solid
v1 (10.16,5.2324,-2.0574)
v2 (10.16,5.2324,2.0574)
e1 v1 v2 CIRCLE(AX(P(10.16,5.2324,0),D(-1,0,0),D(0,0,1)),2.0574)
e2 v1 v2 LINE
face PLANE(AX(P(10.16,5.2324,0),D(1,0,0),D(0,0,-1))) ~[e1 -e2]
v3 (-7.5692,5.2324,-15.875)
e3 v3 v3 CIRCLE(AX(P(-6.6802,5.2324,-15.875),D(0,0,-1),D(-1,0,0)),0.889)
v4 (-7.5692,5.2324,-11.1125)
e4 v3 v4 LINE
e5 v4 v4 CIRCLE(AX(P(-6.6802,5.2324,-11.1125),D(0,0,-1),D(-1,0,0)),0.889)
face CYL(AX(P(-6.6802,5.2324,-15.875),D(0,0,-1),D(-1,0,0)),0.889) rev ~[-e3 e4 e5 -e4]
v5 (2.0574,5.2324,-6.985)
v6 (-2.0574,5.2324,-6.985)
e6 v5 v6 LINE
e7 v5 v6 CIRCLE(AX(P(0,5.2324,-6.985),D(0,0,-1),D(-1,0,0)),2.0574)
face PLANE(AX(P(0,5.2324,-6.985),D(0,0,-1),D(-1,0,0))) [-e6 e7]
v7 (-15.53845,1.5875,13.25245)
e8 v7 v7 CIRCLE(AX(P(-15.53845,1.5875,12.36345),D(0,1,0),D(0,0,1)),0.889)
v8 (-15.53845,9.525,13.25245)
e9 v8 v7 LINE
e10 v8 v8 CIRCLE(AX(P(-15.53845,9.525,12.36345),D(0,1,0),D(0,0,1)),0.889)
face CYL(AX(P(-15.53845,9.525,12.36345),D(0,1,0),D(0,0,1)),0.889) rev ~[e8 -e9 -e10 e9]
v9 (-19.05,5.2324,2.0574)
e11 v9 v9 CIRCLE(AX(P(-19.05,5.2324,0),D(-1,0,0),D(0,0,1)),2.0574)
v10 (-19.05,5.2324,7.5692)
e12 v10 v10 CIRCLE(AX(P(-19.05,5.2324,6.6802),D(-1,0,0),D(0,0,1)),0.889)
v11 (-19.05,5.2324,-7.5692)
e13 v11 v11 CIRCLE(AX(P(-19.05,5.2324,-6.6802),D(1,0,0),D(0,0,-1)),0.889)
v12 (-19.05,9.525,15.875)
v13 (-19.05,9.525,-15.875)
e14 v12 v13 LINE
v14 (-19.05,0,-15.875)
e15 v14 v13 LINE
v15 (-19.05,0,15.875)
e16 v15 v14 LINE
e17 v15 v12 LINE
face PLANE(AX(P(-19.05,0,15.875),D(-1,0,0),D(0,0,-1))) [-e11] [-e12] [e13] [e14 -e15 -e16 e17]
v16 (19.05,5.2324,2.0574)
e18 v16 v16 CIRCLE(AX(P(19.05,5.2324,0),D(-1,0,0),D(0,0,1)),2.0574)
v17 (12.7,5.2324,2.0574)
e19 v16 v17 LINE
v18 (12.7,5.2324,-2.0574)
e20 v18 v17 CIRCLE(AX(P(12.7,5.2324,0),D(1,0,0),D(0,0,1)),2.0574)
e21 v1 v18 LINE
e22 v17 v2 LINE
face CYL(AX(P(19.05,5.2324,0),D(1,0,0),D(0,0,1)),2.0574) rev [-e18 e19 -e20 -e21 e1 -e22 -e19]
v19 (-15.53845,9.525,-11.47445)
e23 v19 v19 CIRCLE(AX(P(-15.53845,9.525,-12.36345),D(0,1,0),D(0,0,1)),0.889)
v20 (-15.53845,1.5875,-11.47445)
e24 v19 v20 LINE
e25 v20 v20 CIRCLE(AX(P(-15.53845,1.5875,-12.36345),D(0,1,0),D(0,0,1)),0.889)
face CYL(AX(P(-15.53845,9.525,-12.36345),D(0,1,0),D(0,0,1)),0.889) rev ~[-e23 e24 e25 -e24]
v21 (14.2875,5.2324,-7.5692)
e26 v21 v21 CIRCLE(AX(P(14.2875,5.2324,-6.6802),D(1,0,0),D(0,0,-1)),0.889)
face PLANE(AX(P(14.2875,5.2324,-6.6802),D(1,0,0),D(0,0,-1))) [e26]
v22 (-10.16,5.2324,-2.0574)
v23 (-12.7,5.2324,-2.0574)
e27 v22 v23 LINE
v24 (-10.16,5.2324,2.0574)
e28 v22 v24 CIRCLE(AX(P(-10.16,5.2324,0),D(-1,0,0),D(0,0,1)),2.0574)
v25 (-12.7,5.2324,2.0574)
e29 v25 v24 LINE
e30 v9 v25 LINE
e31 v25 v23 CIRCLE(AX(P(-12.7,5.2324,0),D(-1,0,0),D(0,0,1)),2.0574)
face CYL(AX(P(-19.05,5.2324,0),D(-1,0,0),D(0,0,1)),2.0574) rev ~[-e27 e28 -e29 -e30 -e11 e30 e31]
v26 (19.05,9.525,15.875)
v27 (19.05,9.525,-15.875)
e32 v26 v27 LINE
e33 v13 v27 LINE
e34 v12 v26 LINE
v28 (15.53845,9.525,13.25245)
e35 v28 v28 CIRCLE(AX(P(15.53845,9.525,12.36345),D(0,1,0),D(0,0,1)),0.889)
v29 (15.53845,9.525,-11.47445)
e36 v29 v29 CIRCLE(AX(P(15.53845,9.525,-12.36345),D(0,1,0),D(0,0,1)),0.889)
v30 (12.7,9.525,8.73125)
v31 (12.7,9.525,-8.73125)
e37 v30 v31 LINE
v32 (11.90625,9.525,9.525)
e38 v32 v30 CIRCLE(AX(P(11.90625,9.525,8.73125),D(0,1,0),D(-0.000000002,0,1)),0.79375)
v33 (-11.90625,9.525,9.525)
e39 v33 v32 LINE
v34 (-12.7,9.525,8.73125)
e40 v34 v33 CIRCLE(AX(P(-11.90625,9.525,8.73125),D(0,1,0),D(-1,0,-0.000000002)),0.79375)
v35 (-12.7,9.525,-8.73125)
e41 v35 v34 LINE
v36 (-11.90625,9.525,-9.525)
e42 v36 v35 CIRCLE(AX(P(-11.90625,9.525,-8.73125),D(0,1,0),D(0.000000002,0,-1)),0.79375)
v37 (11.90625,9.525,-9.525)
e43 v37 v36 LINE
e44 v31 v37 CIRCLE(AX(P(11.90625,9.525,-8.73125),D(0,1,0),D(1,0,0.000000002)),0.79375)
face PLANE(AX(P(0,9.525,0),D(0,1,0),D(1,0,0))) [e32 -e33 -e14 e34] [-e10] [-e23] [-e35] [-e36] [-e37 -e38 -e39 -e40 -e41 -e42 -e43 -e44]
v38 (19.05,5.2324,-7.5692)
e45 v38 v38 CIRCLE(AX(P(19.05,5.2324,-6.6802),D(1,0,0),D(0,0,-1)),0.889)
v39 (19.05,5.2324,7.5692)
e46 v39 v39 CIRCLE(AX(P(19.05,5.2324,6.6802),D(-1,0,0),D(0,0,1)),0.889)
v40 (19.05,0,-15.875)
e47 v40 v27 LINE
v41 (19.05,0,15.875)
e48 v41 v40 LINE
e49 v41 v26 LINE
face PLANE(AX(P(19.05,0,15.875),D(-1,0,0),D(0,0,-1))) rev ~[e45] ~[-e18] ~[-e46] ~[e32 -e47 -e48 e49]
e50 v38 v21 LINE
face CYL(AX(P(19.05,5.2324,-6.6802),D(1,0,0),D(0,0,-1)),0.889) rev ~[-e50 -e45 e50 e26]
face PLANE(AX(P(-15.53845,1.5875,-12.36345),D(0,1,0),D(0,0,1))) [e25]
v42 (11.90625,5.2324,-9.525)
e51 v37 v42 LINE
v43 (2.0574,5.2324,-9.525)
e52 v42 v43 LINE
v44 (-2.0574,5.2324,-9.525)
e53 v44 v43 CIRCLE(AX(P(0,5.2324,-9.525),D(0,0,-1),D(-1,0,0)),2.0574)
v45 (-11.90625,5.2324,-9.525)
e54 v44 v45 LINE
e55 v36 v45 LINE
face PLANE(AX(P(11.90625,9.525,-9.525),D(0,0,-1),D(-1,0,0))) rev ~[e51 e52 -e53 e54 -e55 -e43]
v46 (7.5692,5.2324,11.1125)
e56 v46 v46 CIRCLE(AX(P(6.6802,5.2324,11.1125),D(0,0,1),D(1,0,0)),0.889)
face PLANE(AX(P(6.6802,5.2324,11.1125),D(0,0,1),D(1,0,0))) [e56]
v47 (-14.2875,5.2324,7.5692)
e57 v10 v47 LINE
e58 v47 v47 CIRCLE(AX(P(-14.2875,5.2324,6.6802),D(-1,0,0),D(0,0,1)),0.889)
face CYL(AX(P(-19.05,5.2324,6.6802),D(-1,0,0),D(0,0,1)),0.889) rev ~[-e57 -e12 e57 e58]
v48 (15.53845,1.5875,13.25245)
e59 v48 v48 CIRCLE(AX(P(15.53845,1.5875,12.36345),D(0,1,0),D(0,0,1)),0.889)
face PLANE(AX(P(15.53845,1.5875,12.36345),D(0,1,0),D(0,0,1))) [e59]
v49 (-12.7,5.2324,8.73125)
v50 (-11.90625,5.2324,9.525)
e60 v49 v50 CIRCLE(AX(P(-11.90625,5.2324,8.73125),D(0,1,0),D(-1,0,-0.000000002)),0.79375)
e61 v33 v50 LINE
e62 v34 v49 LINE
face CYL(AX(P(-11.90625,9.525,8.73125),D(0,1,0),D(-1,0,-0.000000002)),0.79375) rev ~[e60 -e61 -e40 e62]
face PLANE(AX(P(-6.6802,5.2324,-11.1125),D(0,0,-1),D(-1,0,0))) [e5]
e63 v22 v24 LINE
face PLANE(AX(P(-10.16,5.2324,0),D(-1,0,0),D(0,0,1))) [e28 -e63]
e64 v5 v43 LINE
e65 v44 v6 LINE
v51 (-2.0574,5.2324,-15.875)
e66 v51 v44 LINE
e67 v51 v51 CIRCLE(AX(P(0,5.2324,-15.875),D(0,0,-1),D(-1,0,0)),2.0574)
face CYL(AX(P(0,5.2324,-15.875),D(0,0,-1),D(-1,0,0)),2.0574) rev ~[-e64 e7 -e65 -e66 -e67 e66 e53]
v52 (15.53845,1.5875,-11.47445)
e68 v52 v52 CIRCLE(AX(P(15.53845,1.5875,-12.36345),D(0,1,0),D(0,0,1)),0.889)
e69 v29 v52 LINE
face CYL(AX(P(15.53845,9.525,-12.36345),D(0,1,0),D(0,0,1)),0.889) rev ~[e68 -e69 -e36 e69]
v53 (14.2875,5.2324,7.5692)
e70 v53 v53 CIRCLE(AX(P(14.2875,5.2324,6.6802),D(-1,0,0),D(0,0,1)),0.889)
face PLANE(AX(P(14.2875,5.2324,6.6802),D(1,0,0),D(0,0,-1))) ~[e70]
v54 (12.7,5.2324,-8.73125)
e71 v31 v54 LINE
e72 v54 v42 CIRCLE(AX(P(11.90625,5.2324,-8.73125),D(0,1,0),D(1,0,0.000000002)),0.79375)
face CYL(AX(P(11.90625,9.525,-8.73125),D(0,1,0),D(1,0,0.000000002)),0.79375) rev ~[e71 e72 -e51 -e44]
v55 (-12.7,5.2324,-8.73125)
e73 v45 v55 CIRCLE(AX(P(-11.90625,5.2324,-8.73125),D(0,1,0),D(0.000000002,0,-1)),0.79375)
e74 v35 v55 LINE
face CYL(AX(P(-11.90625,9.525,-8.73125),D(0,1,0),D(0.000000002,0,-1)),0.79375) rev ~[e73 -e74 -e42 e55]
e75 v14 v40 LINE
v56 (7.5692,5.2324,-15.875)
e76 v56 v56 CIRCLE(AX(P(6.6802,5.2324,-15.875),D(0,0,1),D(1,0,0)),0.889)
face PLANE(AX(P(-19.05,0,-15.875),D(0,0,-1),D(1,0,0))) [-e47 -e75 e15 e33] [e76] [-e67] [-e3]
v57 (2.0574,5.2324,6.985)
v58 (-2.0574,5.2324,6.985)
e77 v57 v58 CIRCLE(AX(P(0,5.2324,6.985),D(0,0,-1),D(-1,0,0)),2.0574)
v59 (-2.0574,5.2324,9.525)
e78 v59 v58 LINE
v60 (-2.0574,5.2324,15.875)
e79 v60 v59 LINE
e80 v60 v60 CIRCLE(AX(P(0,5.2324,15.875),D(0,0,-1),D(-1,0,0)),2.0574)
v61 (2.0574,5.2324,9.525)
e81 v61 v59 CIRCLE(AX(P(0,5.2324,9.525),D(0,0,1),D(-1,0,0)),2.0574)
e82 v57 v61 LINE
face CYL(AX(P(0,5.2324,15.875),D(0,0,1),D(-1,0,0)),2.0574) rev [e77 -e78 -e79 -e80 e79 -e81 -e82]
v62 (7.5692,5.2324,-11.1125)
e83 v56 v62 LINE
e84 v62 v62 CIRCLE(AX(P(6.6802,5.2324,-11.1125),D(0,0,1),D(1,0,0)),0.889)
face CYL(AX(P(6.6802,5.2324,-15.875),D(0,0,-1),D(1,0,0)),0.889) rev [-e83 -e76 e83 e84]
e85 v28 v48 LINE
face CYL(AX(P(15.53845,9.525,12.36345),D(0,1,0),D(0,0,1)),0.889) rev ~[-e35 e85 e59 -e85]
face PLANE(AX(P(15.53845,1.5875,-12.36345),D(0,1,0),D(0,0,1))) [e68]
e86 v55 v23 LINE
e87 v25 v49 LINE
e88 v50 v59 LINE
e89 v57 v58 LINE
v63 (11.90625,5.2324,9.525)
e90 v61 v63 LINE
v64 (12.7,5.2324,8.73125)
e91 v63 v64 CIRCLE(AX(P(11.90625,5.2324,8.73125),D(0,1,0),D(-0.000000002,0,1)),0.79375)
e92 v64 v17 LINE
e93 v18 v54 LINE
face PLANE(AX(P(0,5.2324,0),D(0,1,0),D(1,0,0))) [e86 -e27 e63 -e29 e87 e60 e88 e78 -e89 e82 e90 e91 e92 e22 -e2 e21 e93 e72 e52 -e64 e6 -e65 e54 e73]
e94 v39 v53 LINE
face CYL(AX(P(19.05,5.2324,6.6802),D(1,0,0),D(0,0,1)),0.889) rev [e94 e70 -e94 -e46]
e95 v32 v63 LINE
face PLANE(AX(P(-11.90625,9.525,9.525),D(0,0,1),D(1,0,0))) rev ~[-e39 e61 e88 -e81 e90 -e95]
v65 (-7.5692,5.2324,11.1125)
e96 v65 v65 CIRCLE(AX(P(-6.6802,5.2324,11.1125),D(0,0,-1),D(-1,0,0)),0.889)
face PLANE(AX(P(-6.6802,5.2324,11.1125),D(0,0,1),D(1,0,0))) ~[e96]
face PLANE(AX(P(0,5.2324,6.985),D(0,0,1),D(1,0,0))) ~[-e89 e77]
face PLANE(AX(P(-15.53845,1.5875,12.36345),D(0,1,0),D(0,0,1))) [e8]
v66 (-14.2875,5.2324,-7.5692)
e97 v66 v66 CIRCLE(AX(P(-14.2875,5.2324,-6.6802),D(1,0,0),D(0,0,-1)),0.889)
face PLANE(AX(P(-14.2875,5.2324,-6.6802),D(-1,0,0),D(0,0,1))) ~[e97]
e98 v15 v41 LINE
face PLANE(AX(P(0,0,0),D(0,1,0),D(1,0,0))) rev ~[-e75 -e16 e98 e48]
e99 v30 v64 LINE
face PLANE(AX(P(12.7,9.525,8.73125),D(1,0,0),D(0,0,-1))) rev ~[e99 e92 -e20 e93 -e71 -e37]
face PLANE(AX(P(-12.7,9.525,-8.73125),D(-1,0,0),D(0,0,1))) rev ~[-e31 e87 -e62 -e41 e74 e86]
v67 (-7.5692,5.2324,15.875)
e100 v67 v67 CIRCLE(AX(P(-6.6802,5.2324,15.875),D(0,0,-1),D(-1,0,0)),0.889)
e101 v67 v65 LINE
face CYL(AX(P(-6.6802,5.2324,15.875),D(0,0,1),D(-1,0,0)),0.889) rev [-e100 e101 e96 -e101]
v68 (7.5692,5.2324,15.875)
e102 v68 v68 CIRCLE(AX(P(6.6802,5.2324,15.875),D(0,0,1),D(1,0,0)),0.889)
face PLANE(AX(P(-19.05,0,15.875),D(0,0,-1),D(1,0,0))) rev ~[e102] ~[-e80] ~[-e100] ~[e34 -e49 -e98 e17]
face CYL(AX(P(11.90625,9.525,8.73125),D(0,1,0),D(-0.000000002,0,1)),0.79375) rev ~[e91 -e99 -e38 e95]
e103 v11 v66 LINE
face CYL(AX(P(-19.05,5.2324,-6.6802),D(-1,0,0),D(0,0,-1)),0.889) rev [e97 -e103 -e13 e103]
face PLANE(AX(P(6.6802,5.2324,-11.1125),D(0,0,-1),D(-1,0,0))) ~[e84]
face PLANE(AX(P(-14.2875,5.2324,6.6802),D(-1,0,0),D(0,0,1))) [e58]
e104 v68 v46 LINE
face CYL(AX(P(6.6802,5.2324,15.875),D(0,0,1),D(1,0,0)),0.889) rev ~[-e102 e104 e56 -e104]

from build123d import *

# Parameters (mm, degrees)
SKETCH1_W               = 38.1
SKETCH1_H               = 31.75
BOSS_EXTRUDE1_DEPTH     = 9.525
CUT_EXTRUDE2_DEPTH      = 4.2926
SKETCH3_R               = 2.0574
CUT_EXTRUDE3_DEPTH      = 8.89
SKETCH7_R               = 2.0574
CUT_EXTRUDE5_DEPTH      = 8.89
SKETCH8_R               = 0.889
CUT_EXTRUDE6_DEPTH      = 4.7625
MIRROR4_COPY_1_SKETCH_R = 0.889
MIRROR4_COPY_1_DEPTH    = 4.7625
SKETCH11_R              = 0.889
CUT_EXTRUDE7_DEPTH      = 4.7625
MIRROR6_COPY_1_SKETCH_R = 0.889
MIRROR6_COPY_1_DEPTH    = 4.7625
SKETCH12_R              = 0.889
CUT_EXTRUDE9_DEPTH      = 7.9375


with BuildPart() as part:
    # Sketch1 → Boss-Extrude1 (new body)
    with BuildSketch(Plane(origin=(0, 0, 0), x_dir=(1, 0, 0), z_dir=(0, 1, 0))):
        Rectangle(SKETCH1_W, SKETCH1_H)
    extrude(amount=BOSS_EXTRUDE1_DEPTH)

    # Sketch2 → Cut-Extrude2 (cut)
    with BuildSketch(Plane(origin=(0, 9.525, 0), x_dir=(1, 0, 0), z_dir=(0, 1, 0))):
        with BuildLine():
            Line((-11.90625, -9.525), (11.90625, -9.525))
            ThreePointArc((11.90625, -9.525), (12.467516008, -9.292516008), (12.7, -8.73125))
            Line((12.7, -8.73125), (12.7, 8.73125))
            ThreePointArc((12.7, 8.73125), (12.467516008, 9.292516008), (11.90625, 9.525))
            Line((11.90625, 9.525), (-11.90625, 9.525))
            ThreePointArc((-11.90625, 9.525), (-12.467516008, 9.292516008), (-12.7, 8.73125))
            Line((-12.7, 8.73125), (-12.7, -8.73125))
            ThreePointArc((-12.7, -8.73125), (-12.467516008, -9.292516008), (-11.90625, -9.525))
        make_face()
    extrude(amount=-CUT_EXTRUDE2_DEPTH, mode=Mode.SUBTRACT)

    # Sketch3 → Cut-Extrude3 (cut)
    with BuildSketch(Plane.ZY.offset(19.05)):
        with Locations((0, 5.2324)):
            Circle(SKETCH3_R)
    cut_extrude3 = extrude(amount=-CUT_EXTRUDE3_DEPTH, mode=Mode.SUBTRACT)

    # Mirror1: Cut-Extrude3 across plane
    add(cut_extrude3.mirror(Plane(origin=(0, 0, 0), x_dir=(0, 0, 1), z_dir=(1, 0, 0))), mode=Mode.SUBTRACT)

    # Sketch7 → Cut-Extrude5 (cut)
    with BuildSketch(Plane(origin=(0, 0, -15.875), x_dir=(-1, 0, 0), z_dir=(0, 0, -1))):
        with Locations((0, 5.2324)):
            Circle(SKETCH7_R)
    cut_extrude5 = extrude(amount=-CUT_EXTRUDE5_DEPTH, mode=Mode.SUBTRACT)

    # Mirror2: Cut-Extrude5 across plane
    add(cut_extrude5.mirror(Plane.XY), mode=Mode.SUBTRACT)

    # Sketch8 → Cut-Extrude6 (cut)
    with BuildSketch(Plane(origin=(19.05, 0, 0), x_dir=(0, 0, -1), z_dir=(1, 0, 0))):
        with Locations((6.6802, 5.2324)):
            Circle(SKETCH8_R)
    cut_extrude6 = extrude(amount=-CUT_EXTRUDE6_DEPTH, mode=Mode.SUBTRACT)

    # Mirror3: Cut-Extrude6 across plane
    add(cut_extrude6.mirror(Plane.XY), mode=Mode.SUBTRACT)

    # Mirror4: Cut-Extrude6 across plane
    add(cut_extrude6.mirror(Plane(origin=(0, 0, 0), x_dir=(0, 0, 1), z_dir=(1, 0, 0))), mode=Mode.SUBTRACT)

    # Mirror4 copy 1 sketch → Mirror4 copy 1 (cut)
    with BuildSketch(Plane.ZY.offset(19.05)):
        with Locations((6.6802, 5.2324)):
            Circle(MIRROR4_COPY_1_SKETCH_R)
    extrude(amount=-MIRROR4_COPY_1_DEPTH, mode=Mode.SUBTRACT)

    # Sketch11 → Cut-Extrude7 (cut)
    with BuildSketch(Plane.XY.offset(15.875)):
        with Locations((6.6802, 5.2324)):
            Circle(SKETCH11_R)
    cut_extrude7 = extrude(amount=-CUT_EXTRUDE7_DEPTH, mode=Mode.SUBTRACT)

    # Mirror5: Cut-Extrude7 across plane
    add(cut_extrude7.mirror(Plane(origin=(0, 0, 0), x_dir=(0, 0, 1), z_dir=(1, 0, 0))), mode=Mode.SUBTRACT)

    # Mirror6: Cut-Extrude7 across plane
    add(cut_extrude7.mirror(Plane.XY), mode=Mode.SUBTRACT)

    # Mirror6 copy 1 sketch → Mirror6 copy 1 (cut)
    with BuildSketch(Plane(origin=(0, 0, -15.875), x_dir=(-1, 0, 0), z_dir=(0, 0, -1))):
        with Locations((6.6802, 5.2324)):
            Circle(MIRROR6_COPY_1_SKETCH_R)
    extrude(amount=-MIRROR6_COPY_1_DEPTH, mode=Mode.SUBTRACT)

    # Sketch12 → Cut-Extrude9 (cut)
    with BuildSketch(Plane(origin=(0, 9.525, 0), x_dir=(1, 0, 0), z_dir=(0, 1, 0))):
        with Locations(Location((-15.53845, 12.36345, 0), (0, 0, 270))):
            Circle(SKETCH12_R)
        with Locations(Location((15.53845, 12.36345, 0), (0, 0, 270))):
            Circle(SKETCH12_R)
        with Locations(Location((-15.53845, -12.36345, 0), (0, 0, 270))):
            Circle(SKETCH12_R)
        with Locations(Location((15.53845, -12.36345, 0), (0, 0, 270))):
            Circle(SKETCH12_R)
    extrude(amount=-CUT_EXTRUDE9_DEPTH, mode=Mode.SUBTRACT)


solid = part.part
